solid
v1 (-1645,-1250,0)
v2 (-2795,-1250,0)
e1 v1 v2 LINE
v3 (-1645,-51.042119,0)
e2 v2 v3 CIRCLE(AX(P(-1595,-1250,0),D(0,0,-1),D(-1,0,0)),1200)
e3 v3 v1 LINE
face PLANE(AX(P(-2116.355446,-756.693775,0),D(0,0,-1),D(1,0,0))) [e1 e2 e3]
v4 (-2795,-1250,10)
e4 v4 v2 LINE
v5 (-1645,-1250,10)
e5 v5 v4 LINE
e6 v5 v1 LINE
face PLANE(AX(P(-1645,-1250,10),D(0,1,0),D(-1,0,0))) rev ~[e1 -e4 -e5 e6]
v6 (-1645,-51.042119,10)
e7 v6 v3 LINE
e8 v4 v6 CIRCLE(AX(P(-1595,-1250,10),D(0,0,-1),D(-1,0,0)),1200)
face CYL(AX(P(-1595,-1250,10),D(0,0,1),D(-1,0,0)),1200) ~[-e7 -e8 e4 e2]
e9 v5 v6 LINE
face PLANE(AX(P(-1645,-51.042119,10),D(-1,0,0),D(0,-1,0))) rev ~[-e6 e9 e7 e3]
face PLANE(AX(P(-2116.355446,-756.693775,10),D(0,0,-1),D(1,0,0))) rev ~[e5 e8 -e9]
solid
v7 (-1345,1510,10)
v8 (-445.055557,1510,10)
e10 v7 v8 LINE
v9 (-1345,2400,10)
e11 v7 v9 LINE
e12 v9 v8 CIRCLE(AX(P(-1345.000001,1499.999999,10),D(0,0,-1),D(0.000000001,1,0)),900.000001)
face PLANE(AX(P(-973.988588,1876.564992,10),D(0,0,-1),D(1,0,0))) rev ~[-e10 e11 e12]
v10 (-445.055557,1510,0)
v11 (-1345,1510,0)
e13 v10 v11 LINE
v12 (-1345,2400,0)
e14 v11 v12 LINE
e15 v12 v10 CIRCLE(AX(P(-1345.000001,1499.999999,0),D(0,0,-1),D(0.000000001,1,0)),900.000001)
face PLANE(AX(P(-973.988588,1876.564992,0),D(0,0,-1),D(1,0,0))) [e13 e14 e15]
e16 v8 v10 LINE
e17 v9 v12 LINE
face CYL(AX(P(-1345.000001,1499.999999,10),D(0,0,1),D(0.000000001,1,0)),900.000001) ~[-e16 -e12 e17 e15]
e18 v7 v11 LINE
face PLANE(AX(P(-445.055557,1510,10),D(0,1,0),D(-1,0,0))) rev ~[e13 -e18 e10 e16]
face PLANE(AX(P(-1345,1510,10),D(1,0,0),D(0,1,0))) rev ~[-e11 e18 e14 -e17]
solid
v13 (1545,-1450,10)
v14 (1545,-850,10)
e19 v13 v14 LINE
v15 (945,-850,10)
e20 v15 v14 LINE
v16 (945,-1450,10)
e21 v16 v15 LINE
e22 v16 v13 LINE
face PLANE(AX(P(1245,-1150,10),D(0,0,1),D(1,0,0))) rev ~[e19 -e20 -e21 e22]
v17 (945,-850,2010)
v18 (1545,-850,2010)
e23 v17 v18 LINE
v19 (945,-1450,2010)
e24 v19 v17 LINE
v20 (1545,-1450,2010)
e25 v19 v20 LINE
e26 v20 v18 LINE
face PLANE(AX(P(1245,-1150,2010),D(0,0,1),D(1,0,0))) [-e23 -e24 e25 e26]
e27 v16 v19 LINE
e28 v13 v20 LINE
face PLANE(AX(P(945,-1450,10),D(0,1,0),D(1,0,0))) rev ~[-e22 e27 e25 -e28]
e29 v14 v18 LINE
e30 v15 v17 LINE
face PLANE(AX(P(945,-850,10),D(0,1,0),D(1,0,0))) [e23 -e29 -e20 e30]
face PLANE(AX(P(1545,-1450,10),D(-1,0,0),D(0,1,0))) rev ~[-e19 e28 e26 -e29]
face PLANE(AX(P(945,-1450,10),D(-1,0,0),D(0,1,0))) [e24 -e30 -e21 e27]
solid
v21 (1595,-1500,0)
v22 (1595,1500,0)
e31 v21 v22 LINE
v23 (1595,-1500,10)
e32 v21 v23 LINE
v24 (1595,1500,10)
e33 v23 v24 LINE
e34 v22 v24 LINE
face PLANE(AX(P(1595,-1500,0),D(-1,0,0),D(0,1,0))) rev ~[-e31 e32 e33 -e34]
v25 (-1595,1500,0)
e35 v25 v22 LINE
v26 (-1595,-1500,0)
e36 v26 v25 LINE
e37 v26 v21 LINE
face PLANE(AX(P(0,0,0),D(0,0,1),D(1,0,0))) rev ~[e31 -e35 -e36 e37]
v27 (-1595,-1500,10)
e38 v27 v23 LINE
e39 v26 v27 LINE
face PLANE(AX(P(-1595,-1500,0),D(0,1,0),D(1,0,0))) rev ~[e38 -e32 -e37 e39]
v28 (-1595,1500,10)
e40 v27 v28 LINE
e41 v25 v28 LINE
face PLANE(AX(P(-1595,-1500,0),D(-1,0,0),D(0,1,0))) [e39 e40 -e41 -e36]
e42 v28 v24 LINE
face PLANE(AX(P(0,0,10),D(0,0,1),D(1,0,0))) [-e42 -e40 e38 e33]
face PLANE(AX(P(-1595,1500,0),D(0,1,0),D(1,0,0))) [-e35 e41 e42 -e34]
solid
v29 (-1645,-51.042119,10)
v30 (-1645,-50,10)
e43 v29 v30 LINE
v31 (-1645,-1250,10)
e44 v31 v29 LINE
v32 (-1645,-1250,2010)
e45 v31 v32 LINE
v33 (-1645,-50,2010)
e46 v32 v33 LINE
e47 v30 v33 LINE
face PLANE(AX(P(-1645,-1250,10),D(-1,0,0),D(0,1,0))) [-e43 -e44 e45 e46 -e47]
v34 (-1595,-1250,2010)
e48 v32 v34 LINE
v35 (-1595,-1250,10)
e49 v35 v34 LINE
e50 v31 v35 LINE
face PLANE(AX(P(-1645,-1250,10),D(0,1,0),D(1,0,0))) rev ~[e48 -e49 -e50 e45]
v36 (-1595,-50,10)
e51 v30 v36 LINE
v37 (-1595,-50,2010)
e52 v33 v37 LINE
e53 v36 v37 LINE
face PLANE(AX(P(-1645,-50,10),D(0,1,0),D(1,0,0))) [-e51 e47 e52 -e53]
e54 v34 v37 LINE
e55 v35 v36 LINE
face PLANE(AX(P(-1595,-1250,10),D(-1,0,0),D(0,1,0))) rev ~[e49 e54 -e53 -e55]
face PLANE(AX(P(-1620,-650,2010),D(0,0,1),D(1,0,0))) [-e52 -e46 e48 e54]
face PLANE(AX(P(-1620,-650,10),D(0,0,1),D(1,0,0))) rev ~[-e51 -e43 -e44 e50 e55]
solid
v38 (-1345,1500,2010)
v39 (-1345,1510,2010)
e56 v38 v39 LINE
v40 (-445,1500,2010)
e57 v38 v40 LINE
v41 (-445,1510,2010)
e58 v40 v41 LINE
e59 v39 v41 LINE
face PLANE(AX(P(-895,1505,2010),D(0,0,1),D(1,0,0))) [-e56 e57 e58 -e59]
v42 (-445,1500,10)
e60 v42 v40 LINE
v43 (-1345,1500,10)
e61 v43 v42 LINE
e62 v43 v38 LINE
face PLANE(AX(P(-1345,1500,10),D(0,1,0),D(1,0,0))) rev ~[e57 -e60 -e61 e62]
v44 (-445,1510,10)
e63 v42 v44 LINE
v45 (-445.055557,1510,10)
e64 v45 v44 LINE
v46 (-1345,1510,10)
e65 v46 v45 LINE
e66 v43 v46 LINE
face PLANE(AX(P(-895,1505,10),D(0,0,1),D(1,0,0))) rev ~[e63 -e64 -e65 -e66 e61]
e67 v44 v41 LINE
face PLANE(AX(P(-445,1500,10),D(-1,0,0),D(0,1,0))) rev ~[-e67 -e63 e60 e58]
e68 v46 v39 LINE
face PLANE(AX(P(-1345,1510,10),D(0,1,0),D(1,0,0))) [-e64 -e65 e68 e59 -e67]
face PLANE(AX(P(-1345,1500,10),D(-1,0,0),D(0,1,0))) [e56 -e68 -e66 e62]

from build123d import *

# Parameters (mm, degrees)
F0_W     = 3190
F0_H     = 3000
F1_DEPTH = 10
F2_W     = 900
F2_H     = 10
F2_W_2   = 50
F2_H_2   = 1200
F3_DEPTH = 2000
F4_W     = 600
F4_H     = 600
F5_DEPTH = 2000
F8_DEPTH = 10
F9_DEPTH = 10


with BuildPart() as f1:
    # F0 (on Top) → F1 (new body)
    with BuildSketch(Plane.XY):
        Rectangle(F0_W, F0_H)
    extrude(amount=F1_DEPTH)


with BuildPart() as f3:
    # F2 (on face) → F3 (new body)
    with BuildSketch(Plane.XY.offset(10)):
        with Locations((-895, 1505)):
            Rectangle(F2_W, F2_H)
        with Locations((-1620, -650)):
            Rectangle(F2_W_2, F2_H_2)
    extrude(amount=F3_DEPTH)

    # F7 (on face) → F8 (join)
    with BuildSketch(Plane(origin=(0, 0, 10), x_dir=(1, 0, 0), z_dir=(0, 0, -1))):
        with BuildLine():
            Line((-1345, -1510), (-1345, -2400))
            ThreePointArc((-1345, -2400), (-712.149307, -2139.92187), (-445.055557, -1510))
            Line((-445.055557, -1510), (-1345, -1510))
        make_face()
    extrude(amount=F8_DEPTH)

    # F6 (on face) → F9 (join)
    with BuildSketch(Plane(origin=(0, 0, 10), x_dir=(1, 0, 0), z_dir=(0, 0, -1))):
        with BuildLine():
            Line((-1645, 1250), (-2795, 1250))
            ThreePointArc((-2795, 1250), (-2461.025404, 419.337614), (-1645, 51.042119))
            Line((-1645, 51.042119), (-1645, 1250))
        make_face()
    extrude(amount=F9_DEPTH)


with BuildPart() as f5:
    # F4 (on face) → F5 (new body)
    with BuildSketch(Plane.XY.offset(10)):
        with Locations((1245, -1150)):
            Rectangle(F4_W, F4_H)
    extrude(amount=F5_DEPTH)


solid = Compound([f1.part, f3.part, f5.part])
